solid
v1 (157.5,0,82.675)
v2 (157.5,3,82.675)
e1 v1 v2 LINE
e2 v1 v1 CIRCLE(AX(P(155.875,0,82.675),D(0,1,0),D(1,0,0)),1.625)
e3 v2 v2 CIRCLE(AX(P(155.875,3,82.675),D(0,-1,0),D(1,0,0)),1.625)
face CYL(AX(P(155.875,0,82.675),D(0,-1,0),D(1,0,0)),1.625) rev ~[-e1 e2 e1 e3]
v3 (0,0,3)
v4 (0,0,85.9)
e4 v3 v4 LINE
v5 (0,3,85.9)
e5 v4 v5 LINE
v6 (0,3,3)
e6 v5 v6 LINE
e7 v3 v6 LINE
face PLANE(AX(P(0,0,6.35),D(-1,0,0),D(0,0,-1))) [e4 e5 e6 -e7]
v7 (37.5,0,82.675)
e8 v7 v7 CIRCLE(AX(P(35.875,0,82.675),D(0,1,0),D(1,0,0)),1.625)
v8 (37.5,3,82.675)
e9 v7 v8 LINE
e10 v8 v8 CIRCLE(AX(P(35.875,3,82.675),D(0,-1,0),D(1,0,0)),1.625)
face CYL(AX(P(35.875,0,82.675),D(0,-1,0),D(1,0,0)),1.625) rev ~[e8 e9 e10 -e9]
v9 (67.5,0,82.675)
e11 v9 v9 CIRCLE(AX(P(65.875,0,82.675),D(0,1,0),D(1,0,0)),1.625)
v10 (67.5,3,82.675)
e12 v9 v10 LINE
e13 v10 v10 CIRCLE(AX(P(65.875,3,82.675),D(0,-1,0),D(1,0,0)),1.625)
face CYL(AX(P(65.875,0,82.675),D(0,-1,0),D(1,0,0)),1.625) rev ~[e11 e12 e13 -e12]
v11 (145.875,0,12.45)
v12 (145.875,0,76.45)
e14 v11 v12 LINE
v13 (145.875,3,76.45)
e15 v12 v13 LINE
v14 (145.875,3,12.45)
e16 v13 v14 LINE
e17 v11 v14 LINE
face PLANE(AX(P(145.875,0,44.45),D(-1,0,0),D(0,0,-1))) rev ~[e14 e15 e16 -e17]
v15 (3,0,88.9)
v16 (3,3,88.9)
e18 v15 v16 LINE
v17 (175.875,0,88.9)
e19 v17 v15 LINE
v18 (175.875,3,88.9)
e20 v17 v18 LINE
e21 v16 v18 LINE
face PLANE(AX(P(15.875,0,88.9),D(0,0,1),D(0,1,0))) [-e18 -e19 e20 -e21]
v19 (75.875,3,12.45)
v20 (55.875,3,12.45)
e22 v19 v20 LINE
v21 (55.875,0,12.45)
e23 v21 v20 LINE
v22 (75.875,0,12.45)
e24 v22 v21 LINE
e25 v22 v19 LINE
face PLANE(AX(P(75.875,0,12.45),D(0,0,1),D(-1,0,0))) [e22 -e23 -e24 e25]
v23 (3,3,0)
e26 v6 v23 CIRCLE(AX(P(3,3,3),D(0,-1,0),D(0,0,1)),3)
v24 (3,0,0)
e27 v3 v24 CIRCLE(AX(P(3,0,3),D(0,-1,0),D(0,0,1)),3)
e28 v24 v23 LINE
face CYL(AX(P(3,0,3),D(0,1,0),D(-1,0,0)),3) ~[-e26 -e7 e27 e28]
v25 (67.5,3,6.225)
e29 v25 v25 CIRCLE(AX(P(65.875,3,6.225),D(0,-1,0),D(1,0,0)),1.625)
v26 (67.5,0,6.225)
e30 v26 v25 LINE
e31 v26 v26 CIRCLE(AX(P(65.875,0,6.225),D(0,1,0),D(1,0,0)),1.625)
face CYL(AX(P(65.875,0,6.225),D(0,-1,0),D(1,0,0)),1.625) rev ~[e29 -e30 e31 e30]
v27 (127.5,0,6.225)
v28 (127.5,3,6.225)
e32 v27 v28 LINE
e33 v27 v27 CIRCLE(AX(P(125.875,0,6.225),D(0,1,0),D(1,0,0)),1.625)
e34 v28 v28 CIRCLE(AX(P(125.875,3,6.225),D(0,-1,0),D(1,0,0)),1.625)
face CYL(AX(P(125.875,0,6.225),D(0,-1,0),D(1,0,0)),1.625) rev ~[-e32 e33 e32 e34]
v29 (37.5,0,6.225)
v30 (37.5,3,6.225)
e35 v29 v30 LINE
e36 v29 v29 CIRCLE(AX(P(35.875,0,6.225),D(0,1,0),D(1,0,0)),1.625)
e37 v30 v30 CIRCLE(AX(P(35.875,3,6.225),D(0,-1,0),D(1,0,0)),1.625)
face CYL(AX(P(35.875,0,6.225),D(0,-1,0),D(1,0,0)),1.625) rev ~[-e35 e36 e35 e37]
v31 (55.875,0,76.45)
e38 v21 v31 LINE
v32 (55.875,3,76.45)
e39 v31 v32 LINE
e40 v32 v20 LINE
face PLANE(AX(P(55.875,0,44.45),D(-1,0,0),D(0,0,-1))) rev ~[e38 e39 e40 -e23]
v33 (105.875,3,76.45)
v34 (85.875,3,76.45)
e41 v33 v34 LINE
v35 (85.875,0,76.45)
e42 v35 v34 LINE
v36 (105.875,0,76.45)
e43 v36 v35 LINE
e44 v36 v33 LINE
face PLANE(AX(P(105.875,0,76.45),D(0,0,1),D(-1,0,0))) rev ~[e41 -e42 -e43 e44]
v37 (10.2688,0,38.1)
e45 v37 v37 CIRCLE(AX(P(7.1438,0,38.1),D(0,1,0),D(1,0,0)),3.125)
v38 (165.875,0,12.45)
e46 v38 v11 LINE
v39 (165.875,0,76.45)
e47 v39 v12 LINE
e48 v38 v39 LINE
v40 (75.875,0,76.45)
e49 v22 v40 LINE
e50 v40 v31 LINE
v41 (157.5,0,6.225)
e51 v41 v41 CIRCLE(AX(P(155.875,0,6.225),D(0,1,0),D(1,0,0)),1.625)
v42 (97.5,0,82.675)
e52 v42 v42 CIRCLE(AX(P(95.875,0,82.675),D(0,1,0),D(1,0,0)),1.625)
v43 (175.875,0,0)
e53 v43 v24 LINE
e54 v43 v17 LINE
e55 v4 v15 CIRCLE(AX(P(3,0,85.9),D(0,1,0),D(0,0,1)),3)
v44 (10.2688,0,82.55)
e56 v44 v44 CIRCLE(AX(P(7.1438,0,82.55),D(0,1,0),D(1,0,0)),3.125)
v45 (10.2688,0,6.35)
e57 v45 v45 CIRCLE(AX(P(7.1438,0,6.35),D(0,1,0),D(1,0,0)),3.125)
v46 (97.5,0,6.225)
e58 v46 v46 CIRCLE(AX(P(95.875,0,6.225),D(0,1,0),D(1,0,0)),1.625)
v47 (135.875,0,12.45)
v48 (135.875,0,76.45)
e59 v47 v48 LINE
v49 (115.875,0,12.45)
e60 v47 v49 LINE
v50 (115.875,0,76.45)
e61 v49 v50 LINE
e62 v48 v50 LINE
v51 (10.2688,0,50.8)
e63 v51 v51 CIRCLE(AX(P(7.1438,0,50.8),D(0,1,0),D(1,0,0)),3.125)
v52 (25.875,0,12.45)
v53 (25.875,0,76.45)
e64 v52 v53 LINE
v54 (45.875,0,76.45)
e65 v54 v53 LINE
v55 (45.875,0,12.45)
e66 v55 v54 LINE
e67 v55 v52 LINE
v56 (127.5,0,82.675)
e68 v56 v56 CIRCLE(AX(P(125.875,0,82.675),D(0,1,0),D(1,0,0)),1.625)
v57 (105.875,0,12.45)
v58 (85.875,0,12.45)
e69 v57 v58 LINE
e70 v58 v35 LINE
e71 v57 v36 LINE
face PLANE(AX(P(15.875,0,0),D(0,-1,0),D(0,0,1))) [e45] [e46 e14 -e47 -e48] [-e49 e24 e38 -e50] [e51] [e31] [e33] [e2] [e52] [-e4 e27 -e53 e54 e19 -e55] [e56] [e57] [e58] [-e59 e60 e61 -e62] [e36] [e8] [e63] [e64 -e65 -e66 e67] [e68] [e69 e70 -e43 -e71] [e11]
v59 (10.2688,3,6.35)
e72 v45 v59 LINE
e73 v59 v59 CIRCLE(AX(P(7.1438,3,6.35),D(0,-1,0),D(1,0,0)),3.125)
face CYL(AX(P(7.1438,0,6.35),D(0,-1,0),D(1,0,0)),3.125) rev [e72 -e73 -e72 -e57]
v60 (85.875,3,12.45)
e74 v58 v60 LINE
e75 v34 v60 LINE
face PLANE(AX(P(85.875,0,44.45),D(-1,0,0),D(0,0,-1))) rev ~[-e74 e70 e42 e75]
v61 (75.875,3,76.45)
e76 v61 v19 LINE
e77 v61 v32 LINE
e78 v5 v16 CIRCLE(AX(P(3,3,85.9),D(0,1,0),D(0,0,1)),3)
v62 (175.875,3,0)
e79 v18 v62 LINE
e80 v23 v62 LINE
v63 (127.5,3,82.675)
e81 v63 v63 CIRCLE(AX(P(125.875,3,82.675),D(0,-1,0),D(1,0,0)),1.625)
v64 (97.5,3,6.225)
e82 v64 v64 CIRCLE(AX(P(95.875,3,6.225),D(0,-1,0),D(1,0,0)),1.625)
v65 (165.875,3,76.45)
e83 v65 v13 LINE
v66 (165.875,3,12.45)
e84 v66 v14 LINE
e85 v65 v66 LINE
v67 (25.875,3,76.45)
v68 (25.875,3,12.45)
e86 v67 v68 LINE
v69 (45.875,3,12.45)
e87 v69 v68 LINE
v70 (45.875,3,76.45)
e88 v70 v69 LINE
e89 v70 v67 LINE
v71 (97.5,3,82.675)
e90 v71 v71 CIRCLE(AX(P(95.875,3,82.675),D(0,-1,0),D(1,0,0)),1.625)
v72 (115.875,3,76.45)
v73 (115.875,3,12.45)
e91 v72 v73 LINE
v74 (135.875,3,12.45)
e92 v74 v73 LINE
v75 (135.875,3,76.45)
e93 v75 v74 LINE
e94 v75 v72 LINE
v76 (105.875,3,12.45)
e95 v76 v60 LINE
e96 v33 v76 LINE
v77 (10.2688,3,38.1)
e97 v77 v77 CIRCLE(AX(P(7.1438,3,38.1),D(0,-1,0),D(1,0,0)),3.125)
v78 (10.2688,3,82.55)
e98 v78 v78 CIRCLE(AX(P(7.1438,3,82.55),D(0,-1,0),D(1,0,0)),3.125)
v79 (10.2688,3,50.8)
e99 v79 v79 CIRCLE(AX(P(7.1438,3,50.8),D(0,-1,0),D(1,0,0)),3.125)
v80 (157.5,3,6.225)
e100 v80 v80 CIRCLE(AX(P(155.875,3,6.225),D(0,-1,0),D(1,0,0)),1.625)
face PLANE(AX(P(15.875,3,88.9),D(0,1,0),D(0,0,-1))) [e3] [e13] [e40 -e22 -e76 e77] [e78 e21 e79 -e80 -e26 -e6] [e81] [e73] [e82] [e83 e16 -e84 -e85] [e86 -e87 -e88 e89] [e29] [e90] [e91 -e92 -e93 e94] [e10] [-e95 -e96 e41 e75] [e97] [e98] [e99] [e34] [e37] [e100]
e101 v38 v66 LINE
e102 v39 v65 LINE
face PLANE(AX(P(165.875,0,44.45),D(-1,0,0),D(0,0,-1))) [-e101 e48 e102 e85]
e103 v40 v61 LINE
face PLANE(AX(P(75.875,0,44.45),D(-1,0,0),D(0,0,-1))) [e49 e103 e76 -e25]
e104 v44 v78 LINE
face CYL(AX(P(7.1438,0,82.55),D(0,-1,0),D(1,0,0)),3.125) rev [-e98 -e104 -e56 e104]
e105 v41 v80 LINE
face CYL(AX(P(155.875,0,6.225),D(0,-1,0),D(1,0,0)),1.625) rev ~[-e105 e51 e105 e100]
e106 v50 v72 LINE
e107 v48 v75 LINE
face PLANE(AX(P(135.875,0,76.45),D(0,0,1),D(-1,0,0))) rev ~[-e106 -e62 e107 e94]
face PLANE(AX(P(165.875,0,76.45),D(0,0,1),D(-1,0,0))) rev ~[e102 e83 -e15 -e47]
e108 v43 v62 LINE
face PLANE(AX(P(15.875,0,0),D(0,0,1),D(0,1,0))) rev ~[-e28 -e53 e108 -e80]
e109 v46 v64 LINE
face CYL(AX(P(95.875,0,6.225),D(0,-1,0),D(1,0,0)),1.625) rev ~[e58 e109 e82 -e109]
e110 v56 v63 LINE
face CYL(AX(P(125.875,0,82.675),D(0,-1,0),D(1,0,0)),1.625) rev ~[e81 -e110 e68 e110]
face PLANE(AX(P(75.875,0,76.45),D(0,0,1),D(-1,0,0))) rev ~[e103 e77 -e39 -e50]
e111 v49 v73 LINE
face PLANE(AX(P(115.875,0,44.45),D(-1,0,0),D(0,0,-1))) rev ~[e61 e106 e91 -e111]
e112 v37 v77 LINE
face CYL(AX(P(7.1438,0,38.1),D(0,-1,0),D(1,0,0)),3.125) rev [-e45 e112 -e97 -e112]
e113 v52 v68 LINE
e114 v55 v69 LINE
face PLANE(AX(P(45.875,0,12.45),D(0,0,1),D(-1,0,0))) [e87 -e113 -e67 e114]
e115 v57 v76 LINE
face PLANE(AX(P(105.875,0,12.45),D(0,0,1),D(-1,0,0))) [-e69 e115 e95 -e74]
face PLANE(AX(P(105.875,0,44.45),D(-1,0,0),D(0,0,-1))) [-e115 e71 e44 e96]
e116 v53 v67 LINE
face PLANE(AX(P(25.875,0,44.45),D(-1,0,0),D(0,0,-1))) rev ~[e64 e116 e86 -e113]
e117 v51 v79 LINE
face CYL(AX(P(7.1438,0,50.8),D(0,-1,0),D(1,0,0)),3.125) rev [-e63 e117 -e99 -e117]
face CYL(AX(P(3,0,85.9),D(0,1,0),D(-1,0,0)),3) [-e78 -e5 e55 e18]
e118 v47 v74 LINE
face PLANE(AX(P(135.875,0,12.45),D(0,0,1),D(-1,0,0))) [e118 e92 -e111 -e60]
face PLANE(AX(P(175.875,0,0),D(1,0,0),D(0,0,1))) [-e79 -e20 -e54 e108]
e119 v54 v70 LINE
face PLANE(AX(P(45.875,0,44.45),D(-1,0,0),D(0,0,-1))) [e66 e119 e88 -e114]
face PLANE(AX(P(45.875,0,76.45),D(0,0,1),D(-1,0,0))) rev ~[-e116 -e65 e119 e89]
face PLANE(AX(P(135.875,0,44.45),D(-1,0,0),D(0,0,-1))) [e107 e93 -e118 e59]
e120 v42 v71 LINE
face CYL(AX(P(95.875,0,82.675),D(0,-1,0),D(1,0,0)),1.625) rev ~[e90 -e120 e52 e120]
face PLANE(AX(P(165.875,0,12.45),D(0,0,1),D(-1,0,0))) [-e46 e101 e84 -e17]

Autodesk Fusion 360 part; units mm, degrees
sketch "Sketch1" plane through (0, 0, 0) normal (0, 1, 0) x (1, 0, 0)
  line L0 (0, 0) -> (15.875, 0)
  line L1 (15.875, 0) -> (15.875, -88.9)
  line L2 (15.875, -88.9) -> (0, -88.9)
  line L3 (0, -88.9) -> (0, 0)
  line L4 (0, -88.9) -> (15.875, -88.9)
  line L5 (15.875, -88.9) -> (15.875, -82.55)
  line L6 (15.875, -82.55) -> (0, -82.55)
  line L7 (0, -82.55) -> (0, -88.9)
  line L8 (0, -82.55) -> (15.875, -82.55)
  line L9 (15.875, -82.55) -> (15.875, -50.8)
  line L10 (15.875, -50.8) -> (0, -50.8)
  line L11 (0, -50.8) -> (0, -82.55)
  line L12 (0, -50.8) -> (15.875, -50.8)
  line L13 (15.875, -50.8) -> (15.875, -38.1)
  line L14 (15.875, -38.1) -> (0, -38.1)
  line L15 (0, -38.1) -> (0, -50.8)
  line L16 (0, -38.1) -> (15.875, -38.1)
  line L17 (15.875, -38.1) -> (15.875, -6.35)
  line L18 (15.875, -6.35) -> (0, -6.35)
  line L19 (0, -6.35) -> (0, -38.1)
  line L20 (15.875, -88.9) -> (18.875, -88.9)
  line L21 (18.875, -88.9) -> (18.875, 0)
  line L22 (18.875, 0) -> (15.875, 0)
  line L23 (15.875, 0) -> (15.875, -88.9)
  line L24 (15.875, -88.9) -> (7.1438, -88.9)
  line L25 (7.1438, -88.9) -> (7.1438, 0)
  line L26 (7.1438, 0) -> (15.875, 0)
  line L27 (15.875, 0) -> (15.875, -88.9)
  circle A0 centre (7.1438, -82.55) radius 3.125
  circle A1 centre (7.1438, -50.8) radius 3.125
  circle A2 centre (7.1438, -38.1) radius 3.125
  circle A3 centre (7.1438, -6.35) radius 3.125
  dimension "d1" = 15.875
  dimension "d2" = 88.9
  dimension "d3" = 6.35
  dimension "d4" = 31.75
  dimension "d5" = 12.7
  dimension "d6" = 31.75
  dimension "d7" = 3
  dimension "d8" = 8.7312
  dimension "d9" = 6.25
  dimension "d10" = 6.25
  dimension "d11" = 6.25
  dimension "d12" = 6.25
extrude "Extrude1" add sketch "Sketch1" along normal blind 3 contours L0 L3 L18 L25 A3 | L0 L1 L18 L23 L25 L26 L27 A3 | L3 L14 L16 L18 L19 L25 A2 A3 | L3 L10 L12 L14 L15 L16 L25 A1 A2 | L1 L14 L16 L17 L18 L23 L25 L27 A2 A3 | L3 L6 L8 L10 L11 L12 L25 A0 A1 | L1 L10 L12 L13 L14 L16 L23 L25 L27 A1 A2 | L2 L3 L4 L6 L7 L8 L25 A0 | L1 L6 L8 L9 L10 L12 L23 L25 L27 A0 A1 | L1 L2 L4 L5 L6 L8 L23 L24 L25 L27 A0
fillet "Fillet1" radius 3 1 edges at (0, 1.5, 88.9)
fillet "Fillet2" radius 3 1 edges at (0, 1.5, 0)
extrude "Extrude2" add 1 faces at (15.875, 2, 29.6333) along direction (1, 0, 0) blind 160
sketch "Sketch2" plane through (0, 0, 0) normal (0, -1, 0) x (1, 0, 0)
  circle A0 centre (7.1438, 38.1) radius 3.125
  circle A1 centre (7.1438, 50.8) radius 3.125
  circle A2 centre (7.1438, 82.55) radius 3.125
  circle A3 centre (7.1438, 6.35) radius 3.125
  arc A4 (0, 3) -> (3, 0) centre (3, 3) ccw
  line L0 (3, 0) -> (175.875, 0)
  line L1 (175.875, 0) -> (175.875, 88.9)
  line L2 (175.875, 88.9) -> (3, 88.9)
  arc A5 (3, 88.9) -> (0, 85.9) centre (3, 85.9) ccw
  line L3 (0, 85.9) -> (0, 3)
  line L4 (175.875, 88.9) -> (165.875, 88.9)
  line L5 (165.875, 88.9) -> (165.875, 0)
  line L6 (165.875, 0) -> (175.875, 0)
  line L7 (175.875, 0) -> (175.875, 88.9)
  line L8 (165.875, 88.9) -> (145.875, 88.9)
  line L9 (145.875, 88.9) -> (145.875, 0)
  line L10 (145.875, 0) -> (165.875, 0)
  line L11 (165.875, 0) -> (165.875, 88.9)
  line L12 (145.875, 88.9) -> (135.875, 88.9)
  line L13 (135.875, 88.9) -> (135.875, 0)
  line L14 (135.875, 0) -> (145.875, 0)
  line L15 (145.875, 0) -> (145.875, 88.9)
  line L16 (135.875, 88.9) -> (115.875, 88.9)
  line L17 (115.875, 88.9) -> (115.875, 0)
  line L18 (115.875, 0) -> (135.875, 0)
  line L19 (135.875, 0) -> (135.875, 88.9)
  line L20 (115.875, 88.9) -> (105.875, 88.9)
  line L21 (105.875, 88.9) -> (105.875, 0)
  line L22 (105.875, 0) -> (115.875, 0)
  line L23 (115.875, 0) -> (115.875, 88.9)
  line L24 (105.875, 88.9) -> (85.875, 88.9)
  line L25 (85.875, 88.9) -> (85.875, 0)
  line L26 (85.875, 0) -> (105.875, 0)
  line L27 (105.875, 0) -> (105.875, 88.9)
  line L28 (85.875, 88.9) -> (75.875, 88.9)
  line L29 (75.875, 88.9) -> (75.875, 0)
  line L30 (75.875, 0) -> (85.875, 0)
  line L31 (85.875, 0) -> (85.875, 88.9)
  line L32 (75.875, 88.9) -> (55.875, 88.9)
  line L33 (55.875, 88.9) -> (55.875, 0)
  line L34 (55.875, 0) -> (75.875, 0)
  line L35 (75.875, 0) -> (75.875, 88.9)
  line L36 (55.875, 88.9) -> (45.875, 88.9)
  line L37 (45.875, 88.9) -> (45.875, 0)
  line L38 (45.875, 0) -> (55.875, 0)
  line L39 (55.875, 0) -> (55.875, 88.9)
  line L40 (45.875, 88.9) -> (25.875, 88.9)
  line L41 (25.875, 88.9) -> (25.875, 0)
  line L42 (25.875, 0) -> (45.875, 0)
  line L43 (45.875, 0) -> (45.875, 88.9)
  line L44 (25.875, 88.9) -> (15.875, 88.9)
  line L45 (15.875, 88.9) -> (15.875, 0)
  line L46 (15.875, 0) -> (25.875, 0)
  line L47 (25.875, 0) -> (25.875, 88.9)
  line L48 (15.875, 0) -> (175.875, 0)
  line L49 (175.875, 0) -> (175.875, 44.45)
  line L50 (175.875, 44.45) -> (15.875, 44.45)
  line L51 (15.875, 44.45) -> (15.875, 0)
  line L52 (145.875, 44.45) -> (165.875, 44.45)
  line L53 (165.875, 44.45) -> (165.875, 76.45)
  line L54 (165.875, 76.45) -> (145.875, 76.45)
  line L55 (145.875, 76.45) -> (145.875, 44.45)
  line L56 (145.875, 44.45) -> (165.875, 44.45)
  line L57 (165.875, 44.45) -> (165.875, 12.45)
  line L58 (165.875, 12.45) -> (145.875, 12.45)
  line L59 (145.875, 12.45) -> (145.875, 44.45)
  line L60 (115.875, 44.45) -> (135.875, 44.45)
  line L61 (135.875, 44.45) -> (135.875, 76.45)
  line L62 (135.875, 76.45) -> (115.875, 76.45)
  line L63 (115.875, 76.45) -> (115.875, 44.45)
  line L64 (115.875, 44.45) -> (135.875, 44.45)
  line L65 (135.875, 44.45) -> (135.875, 12.45)
  line L66 (135.875, 12.45) -> (115.875, 12.45)
  line L67 (115.875, 12.45) -> (115.875, 44.45)
  line L68 (85.875, 44.45) -> (105.875, 44.45)
  line L69 (105.875, 44.45) -> (105.875, 76.45)
  line L70 (105.875, 76.45) -> (85.875, 76.45)
  line L71 (85.875, 76.45) -> (85.875, 44.45)
  line L72 (85.875, 44.45) -> (105.875, 44.45)
  line L73 (105.875, 44.45) -> (105.875, 12.45)
  line L74 (105.875, 12.45) -> (85.875, 12.45)
  line L75 (85.875, 12.45) -> (85.875, 44.45)
  line L76 (55.875, 44.45) -> (75.875, 44.45)
  line L77 (75.875, 44.45) -> (75.875, 76.45)
  line L78 (75.875, 76.45) -> (55.875, 76.45)
  line L79 (55.875, 76.45) -> (55.875, 44.45)
  line L80 (55.875, 44.45) -> (75.875, 44.45)
  line L81 (75.875, 44.45) -> (75.875, 12.45)
  line L82 (75.875, 12.45) -> (55.875, 12.45)
  line L83 (55.875, 12.45) -> (55.875, 44.45)
  line L84 (25.875, 44.45) -> (45.875, 44.45)
  line L85 (45.875, 44.45) -> (45.875, 76.45)
  line L86 (45.875, 76.45) -> (25.875, 76.45)
  line L87 (25.875, 76.45) -> (25.875, 44.45)
  line L88 (25.875, 44.45) -> (45.875, 44.45)
  line L89 (45.875, 44.45) -> (45.875, 12.45)
  line L90 (45.875, 12.45) -> (25.875, 12.45)
  line L91 (25.875, 12.45) -> (25.875, 44.45)
  dimension "d21" = 10
  dimension "d22" = 20
  dimension "d23" = 10
  dimension "d24" = 20
  dimension "d25" = 10
  dimension "d26" = 20
  dimension "d27" = 10
  dimension "d28" = 20
  dimension "d29" = 10
  dimension "d30" = 20
  dimension "d31" = 10
  dimension "d32" = 32
  dimension "d33" = 32
  dimension "d34" = 32
  dimension "d35" = 32
  dimension "d36" = 32
  dimension "d37" = 32
  dimension "d38" = 32
  dimension "d39" = 32
  dimension "d40" = 32
  dimension "d41" = 32
extrude "Extrude3" cut sketch "Sketch2" against normal blind 3 contours L37 L41 L43 L47 L50 L84 L88 L89 L90 L91 | L37 L41 L43 L47 L50 L84 L85 L86 L87 L88 | L29 L33 L35 L39 L50 L76 L80 L81 L82 L83 | L29 L33 L35 L39 L50 L76 L77 L78 L79 L80 | L21 L25 L27 L31 L50 L68 L72 L73 L74 L75 | L21 L25 L27 L31 L50 L68 L69 L70 L71 L72 | L13 L17 L19 L23 L50 L60 L64 L65 L66 L67 | L13 L17 L19 L23 L50 L60 L61 L62 L63 L64 | L5 L9 L11 L15 L50 L52 L56 L57 L58 L59 | L5 L9 L11 L15 L50 L52 L53 L54 L55 L56
sketch "Sketch3" plane through (0, 0, 0) normal (0, -1, 0) x (1, 0, 0)
  line L0 (85.875, 76.45) -> (105.875, 76.45)
  line L1 (105.875, 76.45) -> (105.875, 12.45)
  line L2 (105.875, 12.45) -> (85.875, 12.45)
  line L3 (85.875, 12.45) -> (85.875, 76.45)
  line L4 (55.875, 76.45) -> (75.875, 76.45)
  line L5 (75.875, 76.45) -> (75.875, 12.45)
  line L6 (75.875, 12.45) -> (55.875, 12.45)
  line L7 (55.875, 12.45) -> (55.875, 76.45)
  line L8 (115.875, 76.45) -> (135.875, 76.45)
  line L9 (135.875, 76.45) -> (135.875, 12.45)
  line L10 (135.875, 12.45) -> (115.875, 12.45)
  line L11 (115.875, 12.45) -> (115.875, 76.45)
  line L12 (25.875, 76.45) -> (45.875, 76.45)
  line L13 (45.875, 76.45) -> (45.875, 12.45)
  line L14 (45.875, 12.45) -> (25.875, 12.45)
  line L15 (25.875, 12.45) -> (25.875, 76.45)
  line L16 (145.875, 76.45) -> (165.875, 76.45)
  line L17 (165.875, 76.45) -> (165.875, 12.45)
  line L18 (165.875, 12.45) -> (145.875, 12.45)
  line L19 (145.875, 12.45) -> (145.875, 76.45)
  circle A0 centre (7.1438, 38.1) radius 3.125
  circle A1 centre (7.1438, 50.8) radius 3.125
  circle A2 centre (7.1438, 82.55) radius 3.125
  circle A3 centre (7.1438, 6.35) radius 3.125
  arc A4 (0, 3) -> (3, 0) centre (3, 3) ccw
  line L20 (3, 0) -> (175.875, 0)
  line L21 (175.875, 0) -> (175.875, 88.9)
  line L22 (175.875, 88.9) -> (3, 88.9)
  arc A5 (3, 88.9) -> (0, 85.9) centre (3, 85.9) ccw
  line L23 (0, 85.9) -> (0, 3)
  line L24 (175.875, 88.9) -> (155.875, 88.9)
  line L25 (155.875, 88.9) -> (155.875, 0)
  line L26 (155.875, 0) -> (175.875, 0)
  line L27 (175.875, 0) -> (175.875, 88.9)
  line L28 (155.875, 88.9) -> (125.875, 88.9)
  line L29 (125.875, 88.9) -> (125.875, 0)
  line L30 (125.875, 0) -> (155.875, 0)
  line L31 (155.875, 0) -> (155.875, 88.9)
  line L32 (125.875, 88.9) -> (95.875, 88.9)
  line L33 (95.875, 88.9) -> (95.875, 0)
  line L34 (95.875, 0) -> (125.875, 0)
  line L35 (125.875, 0) -> (125.875, 88.9)
  line L36 (95.875, 88.9) -> (65.875, 88.9)
  line L37 (65.875, 88.9) -> (65.875, 0)
  line L38 (65.875, 0) -> (95.875, 0)
  line L39 (95.875, 0) -> (95.875, 88.9)
  line L40 (65.875, 88.9) -> (35.875, 88.9)
  line L41 (35.875, 88.9) -> (35.875, 0)
  line L42 (35.875, 0) -> (65.875, 0)
  line L43 (65.875, 0) -> (65.875, 88.9)
  line L44 (175.875, 88.9) -> (35.875, 88.9)
  line L45 (35.875, 88.9) -> (35.875, 82.675)
  line L46 (35.875, 82.675) -> (175.875, 82.675)
  line L47 (175.875, 82.675) -> (175.875, 88.9)
  line L48 (175.875, 0) -> (35.875, 0)
  line L49 (35.875, 0) -> (35.875, 6.225)
  line L50 (35.875, 6.225) -> (175.875, 6.225)
  line L51 (175.875, 6.225) -> (175.875, 0)
  circle A6 centre (35.875, 82.675) radius 1.625
  circle A7 centre (65.875, 82.675) radius 1.625
  circle A8 centre (95.875, 82.675) radius 1.625
  circle A9 centre (125.875, 82.675) radius 1.625
  circle A10 centre (155.875, 82.675) radius 1.625
  circle A11 centre (35.875, 6.225) radius 1.625
  circle A12 centre (65.875, 6.225) radius 1.625
  circle A13 centre (95.875, 6.225) radius 1.625
  circle A14 centre (125.875, 6.225) radius 1.625
  circle A15 centre (155.875, 6.225) radius 1.625
  dimension "d44" = 20
  dimension "d45" = 30
  dimension "d46" = 30
  dimension "d47" = 30
  dimension "d48" = 30
  dimension "d49" = 6.225
  dimension "d50" = 6.225
  dimension "d51" = 3.25
  dimension "d52" = 3.25
  dimension "d53" = 3.25
  dimension "d54" = 3.25
  dimension "d55" = 3.25
  dimension "d56" = 3.25
  dimension "d57" = 3.25
  dimension "d58" = 3.25
  dimension "d59" = 3.25
  dimension "d60" = 3.25
extrude "Extrude4" cut sketch "Sketch3" against normal blind 3 contours L33 L39 L46 A8 | L33 L39 L46 A8 | L33 L39 L46 A8 | L33 L39 L46 A8 | L33 L39 L50 A13 | L33 L39 L50 A13 | L37 L43 L46 A7 | L37 L43 L46 A7 | L29 L35 L46 A9 | L29 L35 L46 A9 | L33 L39 L50 A13 | L33 L39 L50 A13 | L37 L43 L46 A7 | L37 L43 L46 A7 | L29 L35 L46 A9 | L29 L35 L46 A9 | L29 L35 L50 A14 | L29 L35 L50 A14 | L37 L43 L50 A12 | L37 L43 L50 A12 | L29 L35 L50 A14 | L29 L35 L50 A14 | L37 L43 L50 A12 | L37 L43 L50 A12 | L41 L46 A6 | L41 L45 L46 A6 | L25 L31 L46 A10 | L25 L31 L46 A10 | L25 L31 L46 A10 | L41 L45 A6 | L25 L31 L46 A10 | L25 L31 L50 A15 | L25 L31 L50 A15 | L41 L49 L50 A11 | L41 L50 A11 | L41 L49 A11 | L25 L31 L50 A15 | L25 L31 L50 A15
